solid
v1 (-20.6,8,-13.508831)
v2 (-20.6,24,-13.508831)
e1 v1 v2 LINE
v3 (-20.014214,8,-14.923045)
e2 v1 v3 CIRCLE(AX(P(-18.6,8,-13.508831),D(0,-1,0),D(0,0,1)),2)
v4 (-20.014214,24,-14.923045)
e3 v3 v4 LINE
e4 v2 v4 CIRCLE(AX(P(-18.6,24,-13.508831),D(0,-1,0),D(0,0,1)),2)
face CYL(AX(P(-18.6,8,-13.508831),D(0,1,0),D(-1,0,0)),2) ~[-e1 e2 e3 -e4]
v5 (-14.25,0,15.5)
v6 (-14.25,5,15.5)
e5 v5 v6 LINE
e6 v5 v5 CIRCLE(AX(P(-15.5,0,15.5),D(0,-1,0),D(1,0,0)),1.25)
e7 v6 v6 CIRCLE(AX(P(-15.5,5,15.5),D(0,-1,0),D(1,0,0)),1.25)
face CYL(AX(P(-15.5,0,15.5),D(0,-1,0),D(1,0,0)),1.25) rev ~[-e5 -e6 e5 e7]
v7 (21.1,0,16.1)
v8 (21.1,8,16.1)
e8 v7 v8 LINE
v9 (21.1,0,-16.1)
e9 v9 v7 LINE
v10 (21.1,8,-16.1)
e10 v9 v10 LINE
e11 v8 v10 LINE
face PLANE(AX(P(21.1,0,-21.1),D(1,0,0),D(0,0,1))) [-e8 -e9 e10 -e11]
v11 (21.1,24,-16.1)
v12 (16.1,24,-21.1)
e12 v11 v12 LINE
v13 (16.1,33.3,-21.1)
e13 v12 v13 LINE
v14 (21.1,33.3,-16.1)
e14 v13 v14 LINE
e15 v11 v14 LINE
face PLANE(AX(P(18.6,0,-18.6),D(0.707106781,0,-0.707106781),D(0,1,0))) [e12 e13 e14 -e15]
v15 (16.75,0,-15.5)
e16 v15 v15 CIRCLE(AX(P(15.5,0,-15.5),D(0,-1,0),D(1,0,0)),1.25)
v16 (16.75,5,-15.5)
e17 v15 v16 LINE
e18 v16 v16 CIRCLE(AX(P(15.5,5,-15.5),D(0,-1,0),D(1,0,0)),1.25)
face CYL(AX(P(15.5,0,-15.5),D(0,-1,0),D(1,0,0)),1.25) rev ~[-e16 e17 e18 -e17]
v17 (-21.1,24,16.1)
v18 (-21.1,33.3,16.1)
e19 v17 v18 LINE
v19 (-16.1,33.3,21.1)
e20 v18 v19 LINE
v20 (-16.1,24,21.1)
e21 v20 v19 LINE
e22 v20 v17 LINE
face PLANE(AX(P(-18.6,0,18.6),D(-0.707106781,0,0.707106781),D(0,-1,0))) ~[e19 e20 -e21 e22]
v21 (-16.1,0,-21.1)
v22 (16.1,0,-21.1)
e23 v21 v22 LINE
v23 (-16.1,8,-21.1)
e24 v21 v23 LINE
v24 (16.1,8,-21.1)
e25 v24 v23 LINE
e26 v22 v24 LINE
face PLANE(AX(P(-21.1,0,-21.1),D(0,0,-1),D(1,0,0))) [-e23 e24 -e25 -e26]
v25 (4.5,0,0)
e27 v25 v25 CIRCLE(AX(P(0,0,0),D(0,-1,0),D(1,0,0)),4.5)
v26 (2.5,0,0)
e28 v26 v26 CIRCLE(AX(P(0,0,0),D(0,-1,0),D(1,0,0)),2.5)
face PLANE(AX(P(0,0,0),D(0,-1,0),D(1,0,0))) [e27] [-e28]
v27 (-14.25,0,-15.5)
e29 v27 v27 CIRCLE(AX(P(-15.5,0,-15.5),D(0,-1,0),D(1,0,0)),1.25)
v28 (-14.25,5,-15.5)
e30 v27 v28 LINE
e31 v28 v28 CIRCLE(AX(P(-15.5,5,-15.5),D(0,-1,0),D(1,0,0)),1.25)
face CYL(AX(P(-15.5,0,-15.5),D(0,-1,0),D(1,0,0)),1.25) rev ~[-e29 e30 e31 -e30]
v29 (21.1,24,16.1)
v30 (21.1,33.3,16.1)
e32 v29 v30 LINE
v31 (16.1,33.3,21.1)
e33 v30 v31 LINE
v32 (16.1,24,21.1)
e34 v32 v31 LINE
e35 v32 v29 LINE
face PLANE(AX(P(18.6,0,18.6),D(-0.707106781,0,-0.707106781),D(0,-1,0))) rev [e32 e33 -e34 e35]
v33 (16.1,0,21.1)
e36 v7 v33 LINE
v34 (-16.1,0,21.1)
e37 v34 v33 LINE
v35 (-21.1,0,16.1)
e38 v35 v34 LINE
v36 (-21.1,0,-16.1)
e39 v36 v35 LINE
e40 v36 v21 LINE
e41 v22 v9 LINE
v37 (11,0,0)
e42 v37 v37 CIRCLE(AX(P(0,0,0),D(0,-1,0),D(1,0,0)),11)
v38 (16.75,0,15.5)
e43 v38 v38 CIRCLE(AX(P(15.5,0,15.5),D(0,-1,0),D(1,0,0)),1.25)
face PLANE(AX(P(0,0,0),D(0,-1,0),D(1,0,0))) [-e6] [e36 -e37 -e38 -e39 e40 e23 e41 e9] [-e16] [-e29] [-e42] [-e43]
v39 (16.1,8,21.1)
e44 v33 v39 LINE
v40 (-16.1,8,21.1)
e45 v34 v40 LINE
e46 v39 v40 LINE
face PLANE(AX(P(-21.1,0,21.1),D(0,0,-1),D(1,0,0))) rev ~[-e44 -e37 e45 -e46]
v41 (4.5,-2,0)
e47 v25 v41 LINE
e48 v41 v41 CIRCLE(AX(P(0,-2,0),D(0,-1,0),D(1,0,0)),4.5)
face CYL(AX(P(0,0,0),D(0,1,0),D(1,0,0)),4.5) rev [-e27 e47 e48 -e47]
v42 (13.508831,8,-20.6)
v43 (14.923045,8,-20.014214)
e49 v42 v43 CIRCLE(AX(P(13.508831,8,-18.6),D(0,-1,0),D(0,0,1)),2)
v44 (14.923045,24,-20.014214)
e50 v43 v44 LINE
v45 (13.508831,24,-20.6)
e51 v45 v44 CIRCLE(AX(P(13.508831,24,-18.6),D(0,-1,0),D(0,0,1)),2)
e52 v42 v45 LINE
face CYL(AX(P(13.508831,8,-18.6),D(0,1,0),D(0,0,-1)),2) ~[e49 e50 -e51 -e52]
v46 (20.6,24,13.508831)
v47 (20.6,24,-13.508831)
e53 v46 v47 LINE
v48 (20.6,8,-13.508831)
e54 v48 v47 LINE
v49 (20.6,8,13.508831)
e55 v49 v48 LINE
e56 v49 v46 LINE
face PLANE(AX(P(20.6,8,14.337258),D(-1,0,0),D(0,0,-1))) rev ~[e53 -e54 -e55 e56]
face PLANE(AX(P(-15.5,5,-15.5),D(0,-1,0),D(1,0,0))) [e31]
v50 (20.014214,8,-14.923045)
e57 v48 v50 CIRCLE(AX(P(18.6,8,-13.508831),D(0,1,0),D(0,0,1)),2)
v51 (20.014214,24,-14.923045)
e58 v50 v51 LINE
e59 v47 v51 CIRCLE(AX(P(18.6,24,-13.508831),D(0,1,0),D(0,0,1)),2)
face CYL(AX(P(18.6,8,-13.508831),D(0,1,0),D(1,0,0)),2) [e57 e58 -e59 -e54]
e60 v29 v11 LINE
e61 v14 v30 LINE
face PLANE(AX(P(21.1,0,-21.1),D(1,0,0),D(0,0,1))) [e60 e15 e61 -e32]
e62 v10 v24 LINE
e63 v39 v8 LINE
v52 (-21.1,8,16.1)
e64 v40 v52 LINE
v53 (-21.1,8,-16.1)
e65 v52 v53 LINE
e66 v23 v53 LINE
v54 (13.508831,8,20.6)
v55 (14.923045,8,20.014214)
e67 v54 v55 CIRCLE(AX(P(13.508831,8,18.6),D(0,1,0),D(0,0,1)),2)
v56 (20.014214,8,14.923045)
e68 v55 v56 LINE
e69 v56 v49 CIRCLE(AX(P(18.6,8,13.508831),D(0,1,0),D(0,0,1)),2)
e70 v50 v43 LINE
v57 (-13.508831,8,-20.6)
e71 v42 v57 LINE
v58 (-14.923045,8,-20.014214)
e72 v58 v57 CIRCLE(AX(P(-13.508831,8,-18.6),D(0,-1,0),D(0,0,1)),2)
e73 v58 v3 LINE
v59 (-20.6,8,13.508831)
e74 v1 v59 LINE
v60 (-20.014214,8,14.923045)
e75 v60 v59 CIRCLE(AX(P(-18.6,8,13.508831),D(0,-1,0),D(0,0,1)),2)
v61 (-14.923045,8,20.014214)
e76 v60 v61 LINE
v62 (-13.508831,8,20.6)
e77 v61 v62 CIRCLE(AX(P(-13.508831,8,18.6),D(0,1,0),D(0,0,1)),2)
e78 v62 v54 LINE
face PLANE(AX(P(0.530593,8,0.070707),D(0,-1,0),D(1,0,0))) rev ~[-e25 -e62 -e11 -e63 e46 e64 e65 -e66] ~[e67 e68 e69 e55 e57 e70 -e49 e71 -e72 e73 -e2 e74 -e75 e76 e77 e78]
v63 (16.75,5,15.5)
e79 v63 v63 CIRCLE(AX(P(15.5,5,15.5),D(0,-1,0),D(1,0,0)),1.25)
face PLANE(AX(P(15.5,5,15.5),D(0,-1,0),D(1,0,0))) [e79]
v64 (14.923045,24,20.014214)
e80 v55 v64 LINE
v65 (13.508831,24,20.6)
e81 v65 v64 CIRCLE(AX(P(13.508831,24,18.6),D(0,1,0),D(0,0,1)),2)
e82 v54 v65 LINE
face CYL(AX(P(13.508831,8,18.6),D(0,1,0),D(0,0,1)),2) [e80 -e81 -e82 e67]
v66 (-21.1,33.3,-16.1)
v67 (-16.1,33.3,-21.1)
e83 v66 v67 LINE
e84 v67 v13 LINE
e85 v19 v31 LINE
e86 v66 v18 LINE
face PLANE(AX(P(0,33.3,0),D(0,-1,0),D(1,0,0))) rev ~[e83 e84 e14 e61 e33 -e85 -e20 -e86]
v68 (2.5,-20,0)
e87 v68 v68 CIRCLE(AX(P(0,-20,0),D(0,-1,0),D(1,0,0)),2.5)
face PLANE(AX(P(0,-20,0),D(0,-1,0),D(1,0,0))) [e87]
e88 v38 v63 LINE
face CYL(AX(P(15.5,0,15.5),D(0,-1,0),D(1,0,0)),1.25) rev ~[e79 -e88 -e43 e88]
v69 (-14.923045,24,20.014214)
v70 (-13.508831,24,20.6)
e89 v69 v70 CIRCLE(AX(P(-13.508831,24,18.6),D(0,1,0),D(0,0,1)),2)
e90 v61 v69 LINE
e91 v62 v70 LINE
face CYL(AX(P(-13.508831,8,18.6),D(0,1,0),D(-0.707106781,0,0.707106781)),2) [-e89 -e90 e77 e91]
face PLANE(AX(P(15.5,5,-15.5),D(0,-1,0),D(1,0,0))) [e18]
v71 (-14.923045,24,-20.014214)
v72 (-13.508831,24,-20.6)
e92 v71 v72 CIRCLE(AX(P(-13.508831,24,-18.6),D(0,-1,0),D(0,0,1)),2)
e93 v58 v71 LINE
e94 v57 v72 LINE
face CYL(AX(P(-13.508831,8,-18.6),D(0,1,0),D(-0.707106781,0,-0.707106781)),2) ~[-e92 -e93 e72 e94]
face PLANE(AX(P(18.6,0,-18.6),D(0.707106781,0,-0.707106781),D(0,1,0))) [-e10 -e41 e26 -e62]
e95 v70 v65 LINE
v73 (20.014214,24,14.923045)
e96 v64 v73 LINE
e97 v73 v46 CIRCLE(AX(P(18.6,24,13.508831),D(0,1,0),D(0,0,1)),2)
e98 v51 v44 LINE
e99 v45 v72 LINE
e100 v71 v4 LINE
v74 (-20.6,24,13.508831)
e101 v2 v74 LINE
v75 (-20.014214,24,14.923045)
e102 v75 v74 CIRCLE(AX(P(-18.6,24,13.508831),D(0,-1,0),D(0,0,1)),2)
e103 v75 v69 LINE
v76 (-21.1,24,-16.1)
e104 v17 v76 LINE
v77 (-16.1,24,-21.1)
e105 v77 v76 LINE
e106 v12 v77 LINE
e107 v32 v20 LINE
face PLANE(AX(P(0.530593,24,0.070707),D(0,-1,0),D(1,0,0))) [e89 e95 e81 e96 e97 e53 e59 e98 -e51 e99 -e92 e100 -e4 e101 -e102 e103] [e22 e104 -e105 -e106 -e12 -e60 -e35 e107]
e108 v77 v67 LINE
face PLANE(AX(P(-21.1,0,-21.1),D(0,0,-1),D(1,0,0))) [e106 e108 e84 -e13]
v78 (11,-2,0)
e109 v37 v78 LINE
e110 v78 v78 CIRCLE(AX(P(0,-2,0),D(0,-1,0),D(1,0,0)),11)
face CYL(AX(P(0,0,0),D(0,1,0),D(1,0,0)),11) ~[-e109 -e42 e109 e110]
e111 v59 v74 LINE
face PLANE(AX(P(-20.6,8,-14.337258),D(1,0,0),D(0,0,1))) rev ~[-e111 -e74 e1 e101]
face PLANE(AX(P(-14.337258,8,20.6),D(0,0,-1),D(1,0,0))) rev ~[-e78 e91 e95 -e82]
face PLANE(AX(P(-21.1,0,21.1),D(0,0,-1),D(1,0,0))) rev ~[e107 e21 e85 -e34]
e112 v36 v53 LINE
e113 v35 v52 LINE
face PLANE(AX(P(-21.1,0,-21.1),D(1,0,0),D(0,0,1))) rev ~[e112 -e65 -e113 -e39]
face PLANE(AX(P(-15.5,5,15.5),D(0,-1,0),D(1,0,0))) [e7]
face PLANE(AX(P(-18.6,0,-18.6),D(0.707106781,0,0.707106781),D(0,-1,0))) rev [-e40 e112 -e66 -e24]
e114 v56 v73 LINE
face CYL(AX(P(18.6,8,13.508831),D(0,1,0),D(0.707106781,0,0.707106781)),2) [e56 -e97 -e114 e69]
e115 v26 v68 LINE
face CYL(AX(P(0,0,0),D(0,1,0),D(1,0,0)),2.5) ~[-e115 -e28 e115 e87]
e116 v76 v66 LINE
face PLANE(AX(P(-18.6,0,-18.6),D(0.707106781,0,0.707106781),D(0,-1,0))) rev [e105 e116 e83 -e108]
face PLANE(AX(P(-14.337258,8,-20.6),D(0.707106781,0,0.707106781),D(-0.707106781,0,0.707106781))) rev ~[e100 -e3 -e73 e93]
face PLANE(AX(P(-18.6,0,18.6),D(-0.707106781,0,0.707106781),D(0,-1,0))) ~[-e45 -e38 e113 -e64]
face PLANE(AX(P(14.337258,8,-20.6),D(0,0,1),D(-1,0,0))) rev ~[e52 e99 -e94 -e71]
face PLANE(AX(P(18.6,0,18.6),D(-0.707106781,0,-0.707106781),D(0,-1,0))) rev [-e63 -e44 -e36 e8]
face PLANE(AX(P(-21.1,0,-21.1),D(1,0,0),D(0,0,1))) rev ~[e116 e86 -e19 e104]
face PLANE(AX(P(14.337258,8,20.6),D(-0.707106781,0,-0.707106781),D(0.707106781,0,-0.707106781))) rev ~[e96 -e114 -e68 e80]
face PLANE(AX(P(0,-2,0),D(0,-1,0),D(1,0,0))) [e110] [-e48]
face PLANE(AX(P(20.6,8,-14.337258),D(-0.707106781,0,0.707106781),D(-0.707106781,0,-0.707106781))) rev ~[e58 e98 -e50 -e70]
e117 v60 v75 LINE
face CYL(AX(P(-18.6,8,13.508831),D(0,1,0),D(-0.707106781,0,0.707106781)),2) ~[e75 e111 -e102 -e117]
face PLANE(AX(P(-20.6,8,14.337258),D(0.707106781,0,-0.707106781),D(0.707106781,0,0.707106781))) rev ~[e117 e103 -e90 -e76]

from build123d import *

# Parameters (mm, degrees)
F0_W      = 42.2
F0_H      = 42.2
F0_R      = 2.5
F1_DEPTH  = 33.3
F2_SIZE   = 5
F3_DEPTH  = 20
F4_R      = 11
F4_R_2    = 4.5
F5_DEPTH  = 2
F6_R      = 1.25
F7_DEPTH  = 5
F9_W      = 50.7564134896
F9_H      = 50.1955691725
F10_DEPTH = 16
F11_R     = 2


with BuildPart() as f1:
    # F0 (on Front) → F1 (new body)
    with BuildSketch(Plane.XZ):
        Rectangle(F0_W, F0_H)
        Circle(F0_R, mode=Mode.SUBTRACT)
        Circle(F0_R)
    extrude(amount=-F1_DEPTH)

    # F2
    f2_edges = [f1.edges().sort_by_distance(p)[0] for p in [
        (21.1, 16.65, 21.1),
        (-21.1, 16.65, 21.1),
        (21.1, 16.65, -21.1),
        (-21.1, 16.65, -21.1),
    ]]
    chamfer(f2_edges, length=F2_SIZE)

    # F0 (on Front) → F3 (join)
    with BuildSketch(Plane.XZ):
        Circle(F0_R)
    extrude(amount=F3_DEPTH)

    # F4 (on face) → F5 (join)
    with BuildSketch(Plane.XZ):
        Circle(F4_R)
        Circle(F4_R_2, mode=Mode.SUBTRACT)
    extrude(amount=F5_DEPTH)

    # F6 (on face) → F7 (cut)
    with BuildSketch(Plane.XZ):
        with Locations((-15.5, 15.5)):
            Circle(F6_R)
        with Locations((-15.5, -15.5)):
            Circle(F6_R)
        with Locations((15.5, -15.5)):
            Circle(F6_R)
        with Locations((15.5, 15.5)):
            Circle(F6_R)
    extrude(amount=-F7_DEPTH, mode=Mode.SUBTRACT)

    # F9 (on offset) → F10 (cut)
    with BuildSketch(Plane.XZ.offset(-8)):
        with Locations((0.5305930972, 0.0707069412)):
            Rectangle(F9_W, F9_H)
        Polygon((-14.3372583002, 20.6), (0, 20.6), (14.3372583002, 20.6), (20.6, 14.3372583002), (20.6, 0), (20.6, -14.3372583002), (14.3372583002, -20.6), (0, -20.6), (-14.3372583002, -20.6), (-20.6, -14.3372583002), (-20.6, 0), (-20.6, 14.3372583002), align=None, mode=Mode.SUBTRACT)
    extrude(amount=-F10_DEPTH, mode=Mode.SUBTRACT)

    # F11
    f11_edges = [f1.edges().sort_by_distance(p)[0] for p in [
        (20.6, 16, 14.337258),
        (14.337258, 16, 20.6),
        (-14.337258, 16, 20.6),
        (-20.6, 16, 14.337258),
        (-20.6, 16, -14.337258),
        (-14.337258, 16, -20.6),
        (20.6, 16, -14.337258),
        (14.337258, 16, -20.6),
    ]]
    fillet(f11_edges, radius=F11_R)


solid = f1.part
